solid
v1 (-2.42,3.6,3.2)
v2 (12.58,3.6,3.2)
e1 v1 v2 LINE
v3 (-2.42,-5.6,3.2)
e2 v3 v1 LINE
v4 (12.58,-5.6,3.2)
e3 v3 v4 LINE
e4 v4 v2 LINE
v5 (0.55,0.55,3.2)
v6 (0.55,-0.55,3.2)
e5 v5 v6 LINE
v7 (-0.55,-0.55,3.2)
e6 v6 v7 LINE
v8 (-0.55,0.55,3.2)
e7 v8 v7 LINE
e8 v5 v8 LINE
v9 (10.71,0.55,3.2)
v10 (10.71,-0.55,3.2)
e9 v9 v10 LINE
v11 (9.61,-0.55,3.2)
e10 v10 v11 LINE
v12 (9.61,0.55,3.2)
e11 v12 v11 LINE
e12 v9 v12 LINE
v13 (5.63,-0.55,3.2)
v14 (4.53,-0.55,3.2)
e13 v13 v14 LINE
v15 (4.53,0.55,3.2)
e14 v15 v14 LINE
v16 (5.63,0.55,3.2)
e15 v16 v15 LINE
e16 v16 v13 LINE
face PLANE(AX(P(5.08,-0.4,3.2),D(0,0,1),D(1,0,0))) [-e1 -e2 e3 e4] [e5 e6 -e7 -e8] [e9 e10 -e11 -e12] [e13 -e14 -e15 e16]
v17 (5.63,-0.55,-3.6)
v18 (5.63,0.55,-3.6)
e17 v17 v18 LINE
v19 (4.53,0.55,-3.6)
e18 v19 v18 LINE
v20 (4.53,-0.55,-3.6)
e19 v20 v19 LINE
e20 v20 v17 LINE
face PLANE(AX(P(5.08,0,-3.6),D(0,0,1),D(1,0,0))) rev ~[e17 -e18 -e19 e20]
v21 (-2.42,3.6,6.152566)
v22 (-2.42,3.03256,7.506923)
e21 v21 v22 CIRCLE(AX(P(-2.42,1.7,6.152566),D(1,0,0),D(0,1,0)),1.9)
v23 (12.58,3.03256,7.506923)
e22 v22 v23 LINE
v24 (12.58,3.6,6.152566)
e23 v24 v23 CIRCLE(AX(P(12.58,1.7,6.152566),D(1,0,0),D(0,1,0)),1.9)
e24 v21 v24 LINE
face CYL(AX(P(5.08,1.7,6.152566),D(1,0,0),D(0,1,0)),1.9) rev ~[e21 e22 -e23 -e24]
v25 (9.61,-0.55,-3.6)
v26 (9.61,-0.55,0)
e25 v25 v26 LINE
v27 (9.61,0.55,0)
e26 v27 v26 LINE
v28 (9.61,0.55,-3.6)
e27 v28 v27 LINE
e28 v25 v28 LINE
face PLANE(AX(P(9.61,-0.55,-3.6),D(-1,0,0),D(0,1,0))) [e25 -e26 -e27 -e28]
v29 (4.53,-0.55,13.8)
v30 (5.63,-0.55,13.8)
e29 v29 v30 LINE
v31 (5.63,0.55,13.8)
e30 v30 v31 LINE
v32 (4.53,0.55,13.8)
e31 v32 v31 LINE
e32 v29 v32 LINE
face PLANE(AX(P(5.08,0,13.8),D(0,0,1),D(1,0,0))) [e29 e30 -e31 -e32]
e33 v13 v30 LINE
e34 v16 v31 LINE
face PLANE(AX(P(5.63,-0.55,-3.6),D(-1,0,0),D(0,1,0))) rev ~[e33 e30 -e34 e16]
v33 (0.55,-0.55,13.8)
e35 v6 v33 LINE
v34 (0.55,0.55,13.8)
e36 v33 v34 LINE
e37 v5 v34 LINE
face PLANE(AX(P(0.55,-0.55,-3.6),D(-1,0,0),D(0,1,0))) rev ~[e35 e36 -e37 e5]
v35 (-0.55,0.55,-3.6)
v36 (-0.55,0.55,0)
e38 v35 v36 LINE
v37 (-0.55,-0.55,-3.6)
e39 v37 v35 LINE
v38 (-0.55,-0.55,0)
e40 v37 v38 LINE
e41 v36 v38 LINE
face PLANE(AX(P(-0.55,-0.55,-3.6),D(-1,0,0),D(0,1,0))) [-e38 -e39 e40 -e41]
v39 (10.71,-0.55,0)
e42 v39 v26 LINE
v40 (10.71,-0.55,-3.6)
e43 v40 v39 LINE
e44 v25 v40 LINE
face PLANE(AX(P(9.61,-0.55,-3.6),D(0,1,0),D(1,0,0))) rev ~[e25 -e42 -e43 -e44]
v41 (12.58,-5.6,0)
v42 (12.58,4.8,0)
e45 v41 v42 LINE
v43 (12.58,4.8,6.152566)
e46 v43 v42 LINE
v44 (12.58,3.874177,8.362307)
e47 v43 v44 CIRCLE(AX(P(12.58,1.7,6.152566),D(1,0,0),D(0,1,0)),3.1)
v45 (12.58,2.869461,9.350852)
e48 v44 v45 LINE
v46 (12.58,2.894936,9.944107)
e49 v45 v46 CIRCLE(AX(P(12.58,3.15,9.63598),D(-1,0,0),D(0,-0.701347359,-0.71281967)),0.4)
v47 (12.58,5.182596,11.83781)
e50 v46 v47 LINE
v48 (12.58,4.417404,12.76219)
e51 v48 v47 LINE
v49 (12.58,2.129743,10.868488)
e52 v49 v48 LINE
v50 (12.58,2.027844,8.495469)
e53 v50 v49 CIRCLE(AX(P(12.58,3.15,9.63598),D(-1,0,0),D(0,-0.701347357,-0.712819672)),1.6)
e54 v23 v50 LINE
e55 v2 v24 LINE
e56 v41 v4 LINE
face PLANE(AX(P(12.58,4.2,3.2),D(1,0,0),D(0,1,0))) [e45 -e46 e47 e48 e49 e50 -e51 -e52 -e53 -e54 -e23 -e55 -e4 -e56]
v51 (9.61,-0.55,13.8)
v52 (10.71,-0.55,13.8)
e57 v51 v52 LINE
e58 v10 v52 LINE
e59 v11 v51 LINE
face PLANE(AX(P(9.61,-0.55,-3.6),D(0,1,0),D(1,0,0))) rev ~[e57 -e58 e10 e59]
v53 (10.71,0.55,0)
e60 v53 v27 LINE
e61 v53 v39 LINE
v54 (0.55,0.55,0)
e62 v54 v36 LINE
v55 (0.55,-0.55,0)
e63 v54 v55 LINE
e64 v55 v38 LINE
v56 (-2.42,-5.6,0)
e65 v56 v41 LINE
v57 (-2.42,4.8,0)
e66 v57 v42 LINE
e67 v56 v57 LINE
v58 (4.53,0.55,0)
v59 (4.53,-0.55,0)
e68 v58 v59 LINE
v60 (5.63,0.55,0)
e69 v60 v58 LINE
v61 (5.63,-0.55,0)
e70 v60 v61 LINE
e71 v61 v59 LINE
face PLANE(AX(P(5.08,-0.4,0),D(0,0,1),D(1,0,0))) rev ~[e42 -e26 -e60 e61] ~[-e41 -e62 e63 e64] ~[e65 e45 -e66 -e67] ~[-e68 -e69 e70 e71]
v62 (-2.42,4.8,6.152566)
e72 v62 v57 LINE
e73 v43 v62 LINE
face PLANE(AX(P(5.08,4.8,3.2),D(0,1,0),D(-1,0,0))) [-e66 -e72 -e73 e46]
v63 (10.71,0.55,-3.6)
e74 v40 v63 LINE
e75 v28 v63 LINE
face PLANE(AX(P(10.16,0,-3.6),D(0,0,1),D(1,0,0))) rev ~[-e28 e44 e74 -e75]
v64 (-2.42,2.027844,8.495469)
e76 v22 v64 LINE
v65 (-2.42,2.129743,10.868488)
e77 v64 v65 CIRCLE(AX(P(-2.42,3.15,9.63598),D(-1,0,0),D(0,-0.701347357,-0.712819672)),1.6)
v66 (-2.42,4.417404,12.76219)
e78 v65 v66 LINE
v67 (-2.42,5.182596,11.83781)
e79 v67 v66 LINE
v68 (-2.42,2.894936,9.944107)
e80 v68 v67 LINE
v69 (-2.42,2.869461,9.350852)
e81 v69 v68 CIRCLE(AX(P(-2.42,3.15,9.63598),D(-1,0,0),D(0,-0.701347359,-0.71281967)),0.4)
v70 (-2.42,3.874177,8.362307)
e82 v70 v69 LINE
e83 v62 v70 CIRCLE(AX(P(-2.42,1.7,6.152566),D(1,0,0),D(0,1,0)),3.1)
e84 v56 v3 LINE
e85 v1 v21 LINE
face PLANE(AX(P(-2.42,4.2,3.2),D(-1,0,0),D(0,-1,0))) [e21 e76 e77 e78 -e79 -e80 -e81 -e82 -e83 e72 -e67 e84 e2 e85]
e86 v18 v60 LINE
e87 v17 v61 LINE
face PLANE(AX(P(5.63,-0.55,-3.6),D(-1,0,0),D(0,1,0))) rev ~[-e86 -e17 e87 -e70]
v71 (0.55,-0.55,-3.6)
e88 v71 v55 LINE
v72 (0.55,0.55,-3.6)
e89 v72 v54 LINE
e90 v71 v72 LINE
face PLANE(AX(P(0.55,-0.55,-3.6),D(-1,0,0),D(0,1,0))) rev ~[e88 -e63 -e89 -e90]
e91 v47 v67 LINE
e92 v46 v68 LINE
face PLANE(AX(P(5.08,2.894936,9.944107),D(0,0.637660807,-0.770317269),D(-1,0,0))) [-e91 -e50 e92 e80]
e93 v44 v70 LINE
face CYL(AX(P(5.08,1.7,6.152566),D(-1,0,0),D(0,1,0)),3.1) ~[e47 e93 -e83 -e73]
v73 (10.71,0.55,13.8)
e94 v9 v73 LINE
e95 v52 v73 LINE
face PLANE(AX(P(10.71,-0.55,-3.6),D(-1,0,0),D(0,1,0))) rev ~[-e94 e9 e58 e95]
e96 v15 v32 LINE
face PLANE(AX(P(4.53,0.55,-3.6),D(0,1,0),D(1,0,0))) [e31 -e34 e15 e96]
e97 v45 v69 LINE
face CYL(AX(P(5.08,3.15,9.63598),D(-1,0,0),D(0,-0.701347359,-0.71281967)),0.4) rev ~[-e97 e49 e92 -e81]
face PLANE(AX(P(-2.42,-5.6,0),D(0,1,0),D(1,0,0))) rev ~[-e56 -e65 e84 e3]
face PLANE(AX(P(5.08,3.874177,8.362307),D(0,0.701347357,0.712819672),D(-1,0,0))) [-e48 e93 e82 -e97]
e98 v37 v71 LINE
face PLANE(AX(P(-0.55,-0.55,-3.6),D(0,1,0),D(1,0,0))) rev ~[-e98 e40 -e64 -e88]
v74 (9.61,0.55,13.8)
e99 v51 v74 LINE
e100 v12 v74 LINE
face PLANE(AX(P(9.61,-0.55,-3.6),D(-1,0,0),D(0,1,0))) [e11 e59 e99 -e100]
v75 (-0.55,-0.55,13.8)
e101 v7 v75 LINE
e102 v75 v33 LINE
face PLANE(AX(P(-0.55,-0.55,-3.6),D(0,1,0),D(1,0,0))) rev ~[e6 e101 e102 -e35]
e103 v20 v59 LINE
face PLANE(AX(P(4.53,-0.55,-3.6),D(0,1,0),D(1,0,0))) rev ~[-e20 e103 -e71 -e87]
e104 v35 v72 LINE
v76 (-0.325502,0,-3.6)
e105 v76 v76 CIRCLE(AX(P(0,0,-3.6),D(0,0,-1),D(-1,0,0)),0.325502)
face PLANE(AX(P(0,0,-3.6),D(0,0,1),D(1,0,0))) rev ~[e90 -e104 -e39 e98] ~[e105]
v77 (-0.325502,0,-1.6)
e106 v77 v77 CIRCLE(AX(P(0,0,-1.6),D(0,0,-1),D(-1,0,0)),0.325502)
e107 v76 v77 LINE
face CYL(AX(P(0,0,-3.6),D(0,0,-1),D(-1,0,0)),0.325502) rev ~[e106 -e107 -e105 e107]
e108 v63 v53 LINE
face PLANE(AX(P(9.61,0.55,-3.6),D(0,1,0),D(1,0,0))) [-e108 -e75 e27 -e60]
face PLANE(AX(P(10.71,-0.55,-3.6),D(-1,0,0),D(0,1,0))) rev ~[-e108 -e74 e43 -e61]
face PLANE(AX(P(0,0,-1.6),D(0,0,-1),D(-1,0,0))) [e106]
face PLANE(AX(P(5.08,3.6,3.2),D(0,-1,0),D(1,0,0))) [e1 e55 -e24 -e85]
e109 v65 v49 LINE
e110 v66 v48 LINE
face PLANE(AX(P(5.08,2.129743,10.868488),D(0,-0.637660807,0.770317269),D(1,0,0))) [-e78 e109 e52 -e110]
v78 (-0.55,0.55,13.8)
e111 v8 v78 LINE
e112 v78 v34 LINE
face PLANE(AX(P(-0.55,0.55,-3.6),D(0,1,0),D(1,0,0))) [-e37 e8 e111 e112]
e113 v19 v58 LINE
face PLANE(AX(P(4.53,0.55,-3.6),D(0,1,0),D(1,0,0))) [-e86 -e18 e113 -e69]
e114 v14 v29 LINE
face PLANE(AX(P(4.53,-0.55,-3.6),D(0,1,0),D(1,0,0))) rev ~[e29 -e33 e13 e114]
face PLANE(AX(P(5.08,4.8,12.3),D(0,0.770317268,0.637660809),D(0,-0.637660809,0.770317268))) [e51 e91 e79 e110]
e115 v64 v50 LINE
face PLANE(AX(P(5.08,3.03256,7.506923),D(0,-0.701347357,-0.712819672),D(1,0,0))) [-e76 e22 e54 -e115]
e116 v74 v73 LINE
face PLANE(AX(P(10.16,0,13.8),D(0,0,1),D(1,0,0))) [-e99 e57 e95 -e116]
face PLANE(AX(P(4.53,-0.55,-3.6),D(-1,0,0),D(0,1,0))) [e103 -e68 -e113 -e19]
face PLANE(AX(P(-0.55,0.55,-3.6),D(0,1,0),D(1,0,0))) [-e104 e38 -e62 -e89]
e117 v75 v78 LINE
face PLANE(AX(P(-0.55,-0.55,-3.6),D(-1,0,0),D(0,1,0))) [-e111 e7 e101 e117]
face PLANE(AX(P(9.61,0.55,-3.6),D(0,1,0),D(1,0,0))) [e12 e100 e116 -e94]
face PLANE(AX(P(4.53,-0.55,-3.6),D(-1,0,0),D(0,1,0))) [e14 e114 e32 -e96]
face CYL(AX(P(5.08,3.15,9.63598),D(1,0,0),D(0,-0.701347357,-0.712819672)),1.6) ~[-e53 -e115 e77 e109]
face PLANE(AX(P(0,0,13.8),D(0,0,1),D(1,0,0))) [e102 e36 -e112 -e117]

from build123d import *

# Parameters (mm, degrees)
SKETCH_2_W           = 15
SKETCH_2_H           = 10.4
EXTRUDE_1_DEPTH      = 3.2
EXTRUDE_2_DEPTH      = 13.8
EXTRUDE_2_DEPTH_BACK = 3.6
SKETCH_3_W           = 1.1
SKETCH_3_H           = 1.1
SKETCH_5_W           = 15
SKETCH_5_H           = 1.2
SKETCH_6_R           = 0.325501749
CUT_EXTRUDE_1_DEPTH  = 2


with BuildPart() as part:
    # Эскиз2 → Вытянуть1 (new body)
    with BuildSketch(Plane.XY):
        with Locations((5.08, -0.4)):
            Rectangle(SKETCH_2_W, SKETCH_2_H)
    extrude(amount=EXTRUDE_1_DEPTH)

    # Эскиз3 → Вытянуть2 (add, two sides: drawn at the far end of the back side and taken through both)
    with BuildSketch(Plane.XY.offset(-EXTRUDE_2_DEPTH_BACK)):
        Rectangle(SKETCH_3_W, SKETCH_3_H)
        with Locations((5.08, 0)):
            Rectangle(SKETCH_3_W, SKETCH_3_H)
        with Locations((10.16, 0)):
            Rectangle(SKETCH_3_W, SKETCH_3_H)
    extrude(amount=EXTRUDE_2_DEPTH + EXTRUDE_2_DEPTH_BACK)

    # По траектории1: sweep along a path in Эскиз4
    with BuildLine(Plane.ZY.offset(2.42)) as sweep_1_path:
        Line((3.2, 4.2), (6.152565934, 4.2))
        ThreePointArc((6.152565934, 4.2), (7.118635036, 4.005799317), (7.934615114, 3.453368392))
        Line((7.934615114, 3.453368392), (8.923160693, 2.448652643))
        ThreePointArc((8.923160693, 2.448652643), (9.678881269, 2.150920668), (10.406297634, 2.512339193))
        Line((10.406297634, 2.512339193), (12.3, 4.8))
    # Эскиз5 → По траектории1 (sweep)
    with BuildSketch(Plane.XY.offset(3.2)):
        with Locations((5.08, 4.2)):
            Rectangle(SKETCH_5_W, SKETCH_5_H)
    sweep(path=sweep_1_path.line)

    # Эскиз6 → Вырез-Вытянуть1 (cut)
    with BuildSketch(Plane(origin=(0, 0, -3.6), x_dir=(-1, 0, 0), z_dir=(0, 0, -1))):
        Circle(SKETCH_6_R)
    extrude(amount=-CUT_EXTRUDE_1_DEPTH, mode=Mode.SUBTRACT)


solid = part.part
